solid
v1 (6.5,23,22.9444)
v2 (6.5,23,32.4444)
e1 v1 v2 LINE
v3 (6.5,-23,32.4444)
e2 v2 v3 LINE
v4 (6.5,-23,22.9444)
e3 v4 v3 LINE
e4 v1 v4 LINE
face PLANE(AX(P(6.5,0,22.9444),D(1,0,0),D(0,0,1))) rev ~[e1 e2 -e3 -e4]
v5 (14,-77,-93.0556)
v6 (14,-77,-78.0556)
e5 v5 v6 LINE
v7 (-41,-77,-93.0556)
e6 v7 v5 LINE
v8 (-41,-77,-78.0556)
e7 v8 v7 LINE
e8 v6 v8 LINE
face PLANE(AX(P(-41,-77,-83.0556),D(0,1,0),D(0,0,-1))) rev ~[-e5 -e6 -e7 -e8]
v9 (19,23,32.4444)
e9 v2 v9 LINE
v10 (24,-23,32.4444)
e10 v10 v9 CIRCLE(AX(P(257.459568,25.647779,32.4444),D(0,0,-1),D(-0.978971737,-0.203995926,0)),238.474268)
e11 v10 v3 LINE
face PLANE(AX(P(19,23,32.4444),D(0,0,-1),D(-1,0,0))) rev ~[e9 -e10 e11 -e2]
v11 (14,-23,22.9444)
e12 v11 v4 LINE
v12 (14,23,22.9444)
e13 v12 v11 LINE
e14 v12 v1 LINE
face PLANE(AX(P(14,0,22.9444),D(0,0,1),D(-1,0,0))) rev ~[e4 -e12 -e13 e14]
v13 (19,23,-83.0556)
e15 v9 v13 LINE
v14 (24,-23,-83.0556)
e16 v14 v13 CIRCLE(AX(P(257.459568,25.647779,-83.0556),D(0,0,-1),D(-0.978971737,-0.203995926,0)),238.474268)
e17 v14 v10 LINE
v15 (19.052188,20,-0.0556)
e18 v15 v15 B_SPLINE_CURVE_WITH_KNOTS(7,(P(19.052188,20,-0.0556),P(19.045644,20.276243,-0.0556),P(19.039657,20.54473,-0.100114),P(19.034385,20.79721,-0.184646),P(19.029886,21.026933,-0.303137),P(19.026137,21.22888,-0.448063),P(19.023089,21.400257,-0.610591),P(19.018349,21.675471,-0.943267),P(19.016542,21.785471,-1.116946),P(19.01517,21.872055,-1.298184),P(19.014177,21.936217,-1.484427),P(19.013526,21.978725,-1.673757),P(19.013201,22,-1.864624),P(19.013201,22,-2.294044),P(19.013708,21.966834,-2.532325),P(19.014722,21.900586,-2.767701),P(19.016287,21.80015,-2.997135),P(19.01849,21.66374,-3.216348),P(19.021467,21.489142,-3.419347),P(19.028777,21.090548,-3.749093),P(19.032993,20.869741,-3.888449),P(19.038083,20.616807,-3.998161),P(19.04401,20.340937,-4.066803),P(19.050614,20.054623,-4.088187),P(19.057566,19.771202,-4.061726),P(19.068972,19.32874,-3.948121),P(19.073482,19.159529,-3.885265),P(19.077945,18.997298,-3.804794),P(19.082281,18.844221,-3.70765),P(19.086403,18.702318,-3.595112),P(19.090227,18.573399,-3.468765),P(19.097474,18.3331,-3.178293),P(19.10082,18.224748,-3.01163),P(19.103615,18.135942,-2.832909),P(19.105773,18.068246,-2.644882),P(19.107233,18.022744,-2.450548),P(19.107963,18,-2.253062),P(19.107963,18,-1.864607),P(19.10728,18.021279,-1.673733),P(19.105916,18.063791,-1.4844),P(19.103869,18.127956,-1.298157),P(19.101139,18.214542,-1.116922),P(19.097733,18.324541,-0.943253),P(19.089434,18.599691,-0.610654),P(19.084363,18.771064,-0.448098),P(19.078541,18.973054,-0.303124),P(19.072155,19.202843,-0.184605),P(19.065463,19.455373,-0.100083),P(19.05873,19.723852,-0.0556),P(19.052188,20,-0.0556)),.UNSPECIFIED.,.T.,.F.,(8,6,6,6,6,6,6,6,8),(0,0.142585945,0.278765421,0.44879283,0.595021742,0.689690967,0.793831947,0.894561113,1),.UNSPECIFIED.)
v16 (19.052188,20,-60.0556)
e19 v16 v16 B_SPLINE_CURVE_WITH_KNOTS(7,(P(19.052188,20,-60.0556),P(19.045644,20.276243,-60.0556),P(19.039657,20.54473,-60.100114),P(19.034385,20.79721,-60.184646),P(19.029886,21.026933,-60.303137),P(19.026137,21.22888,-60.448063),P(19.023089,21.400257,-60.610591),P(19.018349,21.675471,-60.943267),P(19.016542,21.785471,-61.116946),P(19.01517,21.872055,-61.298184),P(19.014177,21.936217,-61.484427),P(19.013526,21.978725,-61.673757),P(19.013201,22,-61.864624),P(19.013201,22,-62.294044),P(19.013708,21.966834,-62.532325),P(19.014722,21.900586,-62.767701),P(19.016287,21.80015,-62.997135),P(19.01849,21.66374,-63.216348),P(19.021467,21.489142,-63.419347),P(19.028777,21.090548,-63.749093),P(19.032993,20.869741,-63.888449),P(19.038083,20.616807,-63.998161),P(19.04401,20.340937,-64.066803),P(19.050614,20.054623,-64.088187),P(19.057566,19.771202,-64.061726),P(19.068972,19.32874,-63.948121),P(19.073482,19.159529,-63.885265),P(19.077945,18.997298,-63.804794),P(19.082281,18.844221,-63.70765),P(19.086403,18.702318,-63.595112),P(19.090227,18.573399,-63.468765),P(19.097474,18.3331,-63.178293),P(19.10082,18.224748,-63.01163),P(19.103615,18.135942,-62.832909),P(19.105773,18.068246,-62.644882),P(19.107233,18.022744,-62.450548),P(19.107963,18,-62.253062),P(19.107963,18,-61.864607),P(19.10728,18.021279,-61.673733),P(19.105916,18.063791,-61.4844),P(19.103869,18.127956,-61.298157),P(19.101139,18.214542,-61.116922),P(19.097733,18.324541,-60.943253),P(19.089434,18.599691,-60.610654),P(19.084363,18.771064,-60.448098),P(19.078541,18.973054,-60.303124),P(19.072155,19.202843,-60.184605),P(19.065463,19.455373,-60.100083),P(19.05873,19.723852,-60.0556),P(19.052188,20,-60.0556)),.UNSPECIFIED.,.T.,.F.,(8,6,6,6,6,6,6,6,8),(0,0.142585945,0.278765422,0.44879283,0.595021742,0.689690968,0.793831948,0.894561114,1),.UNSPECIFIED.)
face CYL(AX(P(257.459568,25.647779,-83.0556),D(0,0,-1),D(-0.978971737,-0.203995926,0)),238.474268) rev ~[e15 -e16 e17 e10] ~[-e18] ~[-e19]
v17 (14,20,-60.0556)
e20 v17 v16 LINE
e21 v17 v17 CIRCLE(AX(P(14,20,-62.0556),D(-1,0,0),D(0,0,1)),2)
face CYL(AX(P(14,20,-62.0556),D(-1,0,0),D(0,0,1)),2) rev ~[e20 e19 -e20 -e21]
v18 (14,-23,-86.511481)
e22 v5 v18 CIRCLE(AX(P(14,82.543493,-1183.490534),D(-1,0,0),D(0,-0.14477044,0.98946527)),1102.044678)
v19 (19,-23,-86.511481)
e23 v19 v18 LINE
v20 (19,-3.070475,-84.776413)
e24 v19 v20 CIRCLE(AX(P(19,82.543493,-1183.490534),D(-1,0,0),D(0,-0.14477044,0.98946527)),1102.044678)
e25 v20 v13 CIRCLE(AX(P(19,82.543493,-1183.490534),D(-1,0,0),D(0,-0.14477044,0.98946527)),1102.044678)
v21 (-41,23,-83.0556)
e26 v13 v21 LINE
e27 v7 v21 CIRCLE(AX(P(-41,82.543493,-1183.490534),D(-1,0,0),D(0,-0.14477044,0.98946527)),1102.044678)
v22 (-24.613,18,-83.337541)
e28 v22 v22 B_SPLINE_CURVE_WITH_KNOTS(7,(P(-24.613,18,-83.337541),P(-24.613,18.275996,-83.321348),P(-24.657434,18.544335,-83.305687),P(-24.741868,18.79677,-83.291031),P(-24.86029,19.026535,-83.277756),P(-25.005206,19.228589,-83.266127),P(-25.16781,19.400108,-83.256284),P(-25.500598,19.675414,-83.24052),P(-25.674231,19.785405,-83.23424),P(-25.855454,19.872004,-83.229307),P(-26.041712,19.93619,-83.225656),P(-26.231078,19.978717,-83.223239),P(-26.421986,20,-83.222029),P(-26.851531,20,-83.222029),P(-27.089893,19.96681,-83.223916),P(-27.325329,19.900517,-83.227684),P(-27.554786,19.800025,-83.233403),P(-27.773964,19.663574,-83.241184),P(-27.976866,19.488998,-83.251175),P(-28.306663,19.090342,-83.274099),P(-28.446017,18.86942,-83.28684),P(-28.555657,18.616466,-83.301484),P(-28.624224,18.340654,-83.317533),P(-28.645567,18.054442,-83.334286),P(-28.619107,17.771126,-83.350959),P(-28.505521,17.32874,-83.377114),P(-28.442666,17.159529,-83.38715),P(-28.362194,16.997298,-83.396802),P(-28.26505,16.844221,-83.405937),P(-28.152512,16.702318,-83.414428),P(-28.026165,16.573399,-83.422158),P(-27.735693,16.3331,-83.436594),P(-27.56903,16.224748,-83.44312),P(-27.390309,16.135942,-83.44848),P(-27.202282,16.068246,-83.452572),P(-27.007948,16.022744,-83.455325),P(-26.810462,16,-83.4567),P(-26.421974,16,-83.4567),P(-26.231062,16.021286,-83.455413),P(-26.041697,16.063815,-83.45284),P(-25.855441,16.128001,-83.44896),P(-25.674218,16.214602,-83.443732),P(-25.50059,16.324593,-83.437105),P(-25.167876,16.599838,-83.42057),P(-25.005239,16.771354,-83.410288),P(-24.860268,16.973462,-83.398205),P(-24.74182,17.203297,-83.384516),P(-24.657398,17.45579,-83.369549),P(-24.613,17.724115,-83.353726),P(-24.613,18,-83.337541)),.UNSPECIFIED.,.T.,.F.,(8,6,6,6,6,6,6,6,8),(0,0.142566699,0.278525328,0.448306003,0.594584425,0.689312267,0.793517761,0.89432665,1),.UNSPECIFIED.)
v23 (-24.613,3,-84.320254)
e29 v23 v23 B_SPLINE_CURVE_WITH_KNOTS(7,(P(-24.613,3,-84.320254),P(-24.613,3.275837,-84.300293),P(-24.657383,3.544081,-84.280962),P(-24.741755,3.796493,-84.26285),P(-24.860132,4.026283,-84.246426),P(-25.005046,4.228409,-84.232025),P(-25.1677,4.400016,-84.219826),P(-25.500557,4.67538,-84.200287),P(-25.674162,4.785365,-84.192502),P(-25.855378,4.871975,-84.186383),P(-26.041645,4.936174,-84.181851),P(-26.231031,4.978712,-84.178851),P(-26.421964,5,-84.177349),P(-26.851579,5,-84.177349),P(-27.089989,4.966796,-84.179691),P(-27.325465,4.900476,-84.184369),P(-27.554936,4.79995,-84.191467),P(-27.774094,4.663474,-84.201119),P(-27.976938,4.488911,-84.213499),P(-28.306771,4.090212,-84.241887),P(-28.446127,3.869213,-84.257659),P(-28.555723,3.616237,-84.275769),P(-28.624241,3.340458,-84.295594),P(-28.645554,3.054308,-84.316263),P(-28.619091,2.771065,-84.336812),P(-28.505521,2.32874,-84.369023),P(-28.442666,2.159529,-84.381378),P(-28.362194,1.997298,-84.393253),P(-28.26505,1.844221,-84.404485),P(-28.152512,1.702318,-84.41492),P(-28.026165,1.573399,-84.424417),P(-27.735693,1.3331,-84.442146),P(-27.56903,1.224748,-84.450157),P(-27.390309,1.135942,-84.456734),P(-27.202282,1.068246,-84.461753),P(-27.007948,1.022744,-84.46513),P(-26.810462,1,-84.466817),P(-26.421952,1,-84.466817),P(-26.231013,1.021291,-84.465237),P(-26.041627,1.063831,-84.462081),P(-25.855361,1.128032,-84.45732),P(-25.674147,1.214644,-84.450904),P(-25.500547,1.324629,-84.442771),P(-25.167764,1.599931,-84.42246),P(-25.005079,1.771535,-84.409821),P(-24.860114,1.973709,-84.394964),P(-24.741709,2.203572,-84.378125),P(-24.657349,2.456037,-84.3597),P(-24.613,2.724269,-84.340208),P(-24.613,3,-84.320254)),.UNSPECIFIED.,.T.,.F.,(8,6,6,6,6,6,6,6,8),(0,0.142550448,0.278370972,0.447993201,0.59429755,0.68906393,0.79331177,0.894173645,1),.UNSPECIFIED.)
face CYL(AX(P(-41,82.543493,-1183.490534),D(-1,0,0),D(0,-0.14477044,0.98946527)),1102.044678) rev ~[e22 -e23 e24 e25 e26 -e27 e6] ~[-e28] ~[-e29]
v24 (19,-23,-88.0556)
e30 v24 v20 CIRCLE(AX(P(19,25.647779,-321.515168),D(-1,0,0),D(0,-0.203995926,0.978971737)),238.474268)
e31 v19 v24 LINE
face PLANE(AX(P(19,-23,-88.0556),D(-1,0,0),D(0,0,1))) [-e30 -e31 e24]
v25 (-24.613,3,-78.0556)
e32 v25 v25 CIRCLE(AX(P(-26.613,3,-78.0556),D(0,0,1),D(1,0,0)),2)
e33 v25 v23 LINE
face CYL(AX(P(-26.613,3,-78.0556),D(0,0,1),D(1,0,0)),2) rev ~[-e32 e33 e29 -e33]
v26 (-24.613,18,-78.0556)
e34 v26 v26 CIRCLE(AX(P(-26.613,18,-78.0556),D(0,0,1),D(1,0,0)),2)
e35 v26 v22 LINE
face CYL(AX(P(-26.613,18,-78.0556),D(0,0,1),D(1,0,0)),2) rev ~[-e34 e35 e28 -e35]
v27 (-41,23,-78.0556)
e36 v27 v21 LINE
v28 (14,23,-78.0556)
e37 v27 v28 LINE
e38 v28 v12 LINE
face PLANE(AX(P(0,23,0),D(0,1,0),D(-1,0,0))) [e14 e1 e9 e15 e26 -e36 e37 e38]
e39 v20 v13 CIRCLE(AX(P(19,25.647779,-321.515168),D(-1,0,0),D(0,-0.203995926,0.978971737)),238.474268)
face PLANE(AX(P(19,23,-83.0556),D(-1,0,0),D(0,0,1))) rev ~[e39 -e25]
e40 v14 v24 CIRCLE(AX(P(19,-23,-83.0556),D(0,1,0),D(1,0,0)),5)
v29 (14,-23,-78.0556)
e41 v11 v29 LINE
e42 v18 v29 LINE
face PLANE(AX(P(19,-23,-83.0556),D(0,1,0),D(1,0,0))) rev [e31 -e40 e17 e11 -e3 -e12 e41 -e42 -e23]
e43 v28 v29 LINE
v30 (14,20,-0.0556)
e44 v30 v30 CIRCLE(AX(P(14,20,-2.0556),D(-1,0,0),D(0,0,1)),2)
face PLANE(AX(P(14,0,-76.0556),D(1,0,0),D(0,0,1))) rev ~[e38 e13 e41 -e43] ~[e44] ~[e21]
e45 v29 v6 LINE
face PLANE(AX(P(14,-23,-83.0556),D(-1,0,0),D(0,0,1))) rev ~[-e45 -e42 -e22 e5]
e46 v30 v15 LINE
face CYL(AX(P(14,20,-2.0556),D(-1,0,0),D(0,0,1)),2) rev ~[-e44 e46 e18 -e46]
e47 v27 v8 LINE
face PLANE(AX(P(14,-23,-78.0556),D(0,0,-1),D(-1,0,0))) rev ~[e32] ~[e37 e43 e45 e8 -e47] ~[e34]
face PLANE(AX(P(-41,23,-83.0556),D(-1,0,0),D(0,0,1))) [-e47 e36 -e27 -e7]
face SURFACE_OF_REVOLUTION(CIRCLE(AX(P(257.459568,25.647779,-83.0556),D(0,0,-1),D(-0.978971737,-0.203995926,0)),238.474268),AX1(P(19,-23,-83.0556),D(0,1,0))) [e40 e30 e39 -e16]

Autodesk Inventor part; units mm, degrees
ref_plane "Back of Base Plane" through (0, 0, -70.0556) normal (0, 0, 1) x (1, 0, 0)
ref_plane "Side of Base Plane" through (6.5, 0, 0) normal (1, 0, 0) x (0, 1, 0)
ref_plane "Side Bolt Offset Plane" through (16.2, 0, 0) normal (1, 0, 0) x (0, 1, 0)
ref_plane "Back Bolt Offset Plane" through (0, 0, -78.0556) normal (0, 0, 1) x (1, 0, 0)
sketch "Interface - EDIT TO CHANGE SHAPE" plane through (0, 0, 0) normal (0, 1, 0) x (-1, 0, 0)
  line L0 (0, 0) -> (-14, 0) construction
  line L1 (-14, 0) -> (-14, -74.0556) construction
  line L2 (-31, -70.0556) -> (53, -70.0556) construction
  line L3 (-19, -83.0556) -> (41, -83.0556)
  line L4 (0, -106.1556) -> (0, 55.5444) construction
  line L5 (-6.5, -106.1556) -> (-6.5, 55.5444) construction
  line L6 (-14, -76.0556) -> (-14, 22.9444)
  line L7 (-14, 22.9444) -> (-6.5, 22.9444)
  line L8 (-6.5, 22.9444) -> (-6.5, 32.4444)
  line L9 (-6.5, 32.4444) -> (-19, 32.4444)
  line L10 (-19, 32.4444) -> (-19, -83.0556)
  line L11 (-12, -78.0556) -> (41, -78.0556)
  line L12 (41, -78.0556) -> (41, -83.0556)
  line L13 (-14, -76.0556) -> (-14, -78.0556)
  line L14 (-14, -78.0556) -> (-12, -78.0556)
  point P0 (27.5, -70.0556)
  dimension "d11" = 14
  dimension "d65" = 101
  dimension "d66" = 7.5
  dimension "d67" = 9.5
  dimension "d68" = 60
  dimension "d69" = 5
extrude "Interface - EDIT TO CHANGE HEIGHT" add sketch "Interface - EDIT TO CHANGE SHAPE" along normal mid plane 46
sketch "Sketch18" plane through (0, -23, 0) normal (0, -1, 0) x (1, 0, 0)
  line L0 (14, -78.0556) -> (14, 22.9444) projected
  line L1 (14, -78.0556) -> (-41, -78.0556)
  line L2 (-41, -78.0556) -> (-41, -83.0556)
  line L3 (-41, -83.0556) -> (14, -83.0556)
  line L4 (14, -83.0556) -> (14, -78.0556)
  point P0 (0, 0)
extrude "Extrusion15" add sketch "Sketch18" along normal blind 54
sketch "Sketch19" plane through (19, 23, -83.0556) normal (0, 0, -1) x (-1, 0, 0)
  line L0 (0, -46) -> (0, 0) projected
  line L1 (0, -46) -> (-5, -46)
  arc A0 (-5, -46) -> (0, 0) centre (-238.4597, 2.6478) ccw
  point P0 (19, -23)
  dimension "d76" = 5
extrude "Extrusion16" add sketch "Sketch19" against normal blind 115.5
sketch "Sketch20" plane through (-41, 23, -83.0556) normal (-1, 0, 0) x (0, 0, 1)
  line L0 (0, -100) -> (0, 0) projected
  line L1 (0, -100) -> (-10, -100)
  arc A0 (-10, -100) -> (0, 0) centre (-1100.4358, 59.5436) ccw
  point P0 (83.0556, -23)
  dimension "d79" = 10
extrude "Extrusion17" add sketch "Sketch20" against normal blind 60
sketch "Sketch21" plane through (14, -23, -83.0556) normal (0, 0, 1) x (1, 0, 0)
  line L0 (0, 0) -> (5, 0) projected
  line L1 (0, 0) -> (0, -54) projected
  line L2 (5, 0) -> (0, 0)
  line L3 (0, 0) -> (0, -54)
  line L4 (0, -54) -> (5, -54)
  line L5 (5, -54) -> (5, 0)
  point P0 (-14, 23)
extrude "Extrusion18" cut sketch "Sketch21" against normal blind 10
sketch "Sketch22" plane through (24, -23, -83.0556) normal (0, 0, -1) x (-1, 0, 0)
  line L0 (5, 0) -> (5, 46) projected
  arc A0 (0, 0) -> (5, 46) centre (-233.4597, 48.6478) ccw projected
  line L1 (5, 0) -> (0, 0) projected
  point P0 (24, 23)
revolve "Revolution3" add sketch "Sketch22" angle 90 about axis through (19, -23, -83.0556) along (0, 1, 0)
sketch "Sketch23" plane through (-41, 23, -78.0556) normal (0, 0, 1) x (1, 0, 0)
  circle A0 centre (14.387, -5) radius 2
  circle A1 centre (14.387, -20) radius 2
  line L0 (55, 0) -> (55, -46) projected
  line L1 (0, 0) -> (55, 0) projected
  point P0 (41, -23)
  dimension "d85" = 4
  dimension "d86" = 4
  dimension "d87" = 40.613
  dimension "d88" = 40.613
  dimension "d89" = 5
  dimension "d93" = 15
extrude "Extrusion19" cut sketch "Sketch23" against normal blind 10
sketch "Sketch24" plane through (14, -23, 22.9444) normal (-1, 0, 0) x (0, 0, 1)
  circle A0 centre (-85, 43) radius 2
  circle A1 centre (-25, 43) radius 2
  line L0 (-101, 46) -> (0, 46) projected
  line L1 (-101, 0) -> (-101, 46) projected
  point P0 (-22.9444, 23)
  dimension "d94" = 4
  dimension "d95" = 4
  dimension "d96" = 60
  dimension "d97" = 3
  dimension "d98" = 3
  dimension "d99" = 16
extrude "Extrusion20" cut sketch "Sketch24" against normal blind 10
equation "\"d88\" = d87"
equation "\"d95\" = d94"
properties part number "Base Side Armor - Left"
